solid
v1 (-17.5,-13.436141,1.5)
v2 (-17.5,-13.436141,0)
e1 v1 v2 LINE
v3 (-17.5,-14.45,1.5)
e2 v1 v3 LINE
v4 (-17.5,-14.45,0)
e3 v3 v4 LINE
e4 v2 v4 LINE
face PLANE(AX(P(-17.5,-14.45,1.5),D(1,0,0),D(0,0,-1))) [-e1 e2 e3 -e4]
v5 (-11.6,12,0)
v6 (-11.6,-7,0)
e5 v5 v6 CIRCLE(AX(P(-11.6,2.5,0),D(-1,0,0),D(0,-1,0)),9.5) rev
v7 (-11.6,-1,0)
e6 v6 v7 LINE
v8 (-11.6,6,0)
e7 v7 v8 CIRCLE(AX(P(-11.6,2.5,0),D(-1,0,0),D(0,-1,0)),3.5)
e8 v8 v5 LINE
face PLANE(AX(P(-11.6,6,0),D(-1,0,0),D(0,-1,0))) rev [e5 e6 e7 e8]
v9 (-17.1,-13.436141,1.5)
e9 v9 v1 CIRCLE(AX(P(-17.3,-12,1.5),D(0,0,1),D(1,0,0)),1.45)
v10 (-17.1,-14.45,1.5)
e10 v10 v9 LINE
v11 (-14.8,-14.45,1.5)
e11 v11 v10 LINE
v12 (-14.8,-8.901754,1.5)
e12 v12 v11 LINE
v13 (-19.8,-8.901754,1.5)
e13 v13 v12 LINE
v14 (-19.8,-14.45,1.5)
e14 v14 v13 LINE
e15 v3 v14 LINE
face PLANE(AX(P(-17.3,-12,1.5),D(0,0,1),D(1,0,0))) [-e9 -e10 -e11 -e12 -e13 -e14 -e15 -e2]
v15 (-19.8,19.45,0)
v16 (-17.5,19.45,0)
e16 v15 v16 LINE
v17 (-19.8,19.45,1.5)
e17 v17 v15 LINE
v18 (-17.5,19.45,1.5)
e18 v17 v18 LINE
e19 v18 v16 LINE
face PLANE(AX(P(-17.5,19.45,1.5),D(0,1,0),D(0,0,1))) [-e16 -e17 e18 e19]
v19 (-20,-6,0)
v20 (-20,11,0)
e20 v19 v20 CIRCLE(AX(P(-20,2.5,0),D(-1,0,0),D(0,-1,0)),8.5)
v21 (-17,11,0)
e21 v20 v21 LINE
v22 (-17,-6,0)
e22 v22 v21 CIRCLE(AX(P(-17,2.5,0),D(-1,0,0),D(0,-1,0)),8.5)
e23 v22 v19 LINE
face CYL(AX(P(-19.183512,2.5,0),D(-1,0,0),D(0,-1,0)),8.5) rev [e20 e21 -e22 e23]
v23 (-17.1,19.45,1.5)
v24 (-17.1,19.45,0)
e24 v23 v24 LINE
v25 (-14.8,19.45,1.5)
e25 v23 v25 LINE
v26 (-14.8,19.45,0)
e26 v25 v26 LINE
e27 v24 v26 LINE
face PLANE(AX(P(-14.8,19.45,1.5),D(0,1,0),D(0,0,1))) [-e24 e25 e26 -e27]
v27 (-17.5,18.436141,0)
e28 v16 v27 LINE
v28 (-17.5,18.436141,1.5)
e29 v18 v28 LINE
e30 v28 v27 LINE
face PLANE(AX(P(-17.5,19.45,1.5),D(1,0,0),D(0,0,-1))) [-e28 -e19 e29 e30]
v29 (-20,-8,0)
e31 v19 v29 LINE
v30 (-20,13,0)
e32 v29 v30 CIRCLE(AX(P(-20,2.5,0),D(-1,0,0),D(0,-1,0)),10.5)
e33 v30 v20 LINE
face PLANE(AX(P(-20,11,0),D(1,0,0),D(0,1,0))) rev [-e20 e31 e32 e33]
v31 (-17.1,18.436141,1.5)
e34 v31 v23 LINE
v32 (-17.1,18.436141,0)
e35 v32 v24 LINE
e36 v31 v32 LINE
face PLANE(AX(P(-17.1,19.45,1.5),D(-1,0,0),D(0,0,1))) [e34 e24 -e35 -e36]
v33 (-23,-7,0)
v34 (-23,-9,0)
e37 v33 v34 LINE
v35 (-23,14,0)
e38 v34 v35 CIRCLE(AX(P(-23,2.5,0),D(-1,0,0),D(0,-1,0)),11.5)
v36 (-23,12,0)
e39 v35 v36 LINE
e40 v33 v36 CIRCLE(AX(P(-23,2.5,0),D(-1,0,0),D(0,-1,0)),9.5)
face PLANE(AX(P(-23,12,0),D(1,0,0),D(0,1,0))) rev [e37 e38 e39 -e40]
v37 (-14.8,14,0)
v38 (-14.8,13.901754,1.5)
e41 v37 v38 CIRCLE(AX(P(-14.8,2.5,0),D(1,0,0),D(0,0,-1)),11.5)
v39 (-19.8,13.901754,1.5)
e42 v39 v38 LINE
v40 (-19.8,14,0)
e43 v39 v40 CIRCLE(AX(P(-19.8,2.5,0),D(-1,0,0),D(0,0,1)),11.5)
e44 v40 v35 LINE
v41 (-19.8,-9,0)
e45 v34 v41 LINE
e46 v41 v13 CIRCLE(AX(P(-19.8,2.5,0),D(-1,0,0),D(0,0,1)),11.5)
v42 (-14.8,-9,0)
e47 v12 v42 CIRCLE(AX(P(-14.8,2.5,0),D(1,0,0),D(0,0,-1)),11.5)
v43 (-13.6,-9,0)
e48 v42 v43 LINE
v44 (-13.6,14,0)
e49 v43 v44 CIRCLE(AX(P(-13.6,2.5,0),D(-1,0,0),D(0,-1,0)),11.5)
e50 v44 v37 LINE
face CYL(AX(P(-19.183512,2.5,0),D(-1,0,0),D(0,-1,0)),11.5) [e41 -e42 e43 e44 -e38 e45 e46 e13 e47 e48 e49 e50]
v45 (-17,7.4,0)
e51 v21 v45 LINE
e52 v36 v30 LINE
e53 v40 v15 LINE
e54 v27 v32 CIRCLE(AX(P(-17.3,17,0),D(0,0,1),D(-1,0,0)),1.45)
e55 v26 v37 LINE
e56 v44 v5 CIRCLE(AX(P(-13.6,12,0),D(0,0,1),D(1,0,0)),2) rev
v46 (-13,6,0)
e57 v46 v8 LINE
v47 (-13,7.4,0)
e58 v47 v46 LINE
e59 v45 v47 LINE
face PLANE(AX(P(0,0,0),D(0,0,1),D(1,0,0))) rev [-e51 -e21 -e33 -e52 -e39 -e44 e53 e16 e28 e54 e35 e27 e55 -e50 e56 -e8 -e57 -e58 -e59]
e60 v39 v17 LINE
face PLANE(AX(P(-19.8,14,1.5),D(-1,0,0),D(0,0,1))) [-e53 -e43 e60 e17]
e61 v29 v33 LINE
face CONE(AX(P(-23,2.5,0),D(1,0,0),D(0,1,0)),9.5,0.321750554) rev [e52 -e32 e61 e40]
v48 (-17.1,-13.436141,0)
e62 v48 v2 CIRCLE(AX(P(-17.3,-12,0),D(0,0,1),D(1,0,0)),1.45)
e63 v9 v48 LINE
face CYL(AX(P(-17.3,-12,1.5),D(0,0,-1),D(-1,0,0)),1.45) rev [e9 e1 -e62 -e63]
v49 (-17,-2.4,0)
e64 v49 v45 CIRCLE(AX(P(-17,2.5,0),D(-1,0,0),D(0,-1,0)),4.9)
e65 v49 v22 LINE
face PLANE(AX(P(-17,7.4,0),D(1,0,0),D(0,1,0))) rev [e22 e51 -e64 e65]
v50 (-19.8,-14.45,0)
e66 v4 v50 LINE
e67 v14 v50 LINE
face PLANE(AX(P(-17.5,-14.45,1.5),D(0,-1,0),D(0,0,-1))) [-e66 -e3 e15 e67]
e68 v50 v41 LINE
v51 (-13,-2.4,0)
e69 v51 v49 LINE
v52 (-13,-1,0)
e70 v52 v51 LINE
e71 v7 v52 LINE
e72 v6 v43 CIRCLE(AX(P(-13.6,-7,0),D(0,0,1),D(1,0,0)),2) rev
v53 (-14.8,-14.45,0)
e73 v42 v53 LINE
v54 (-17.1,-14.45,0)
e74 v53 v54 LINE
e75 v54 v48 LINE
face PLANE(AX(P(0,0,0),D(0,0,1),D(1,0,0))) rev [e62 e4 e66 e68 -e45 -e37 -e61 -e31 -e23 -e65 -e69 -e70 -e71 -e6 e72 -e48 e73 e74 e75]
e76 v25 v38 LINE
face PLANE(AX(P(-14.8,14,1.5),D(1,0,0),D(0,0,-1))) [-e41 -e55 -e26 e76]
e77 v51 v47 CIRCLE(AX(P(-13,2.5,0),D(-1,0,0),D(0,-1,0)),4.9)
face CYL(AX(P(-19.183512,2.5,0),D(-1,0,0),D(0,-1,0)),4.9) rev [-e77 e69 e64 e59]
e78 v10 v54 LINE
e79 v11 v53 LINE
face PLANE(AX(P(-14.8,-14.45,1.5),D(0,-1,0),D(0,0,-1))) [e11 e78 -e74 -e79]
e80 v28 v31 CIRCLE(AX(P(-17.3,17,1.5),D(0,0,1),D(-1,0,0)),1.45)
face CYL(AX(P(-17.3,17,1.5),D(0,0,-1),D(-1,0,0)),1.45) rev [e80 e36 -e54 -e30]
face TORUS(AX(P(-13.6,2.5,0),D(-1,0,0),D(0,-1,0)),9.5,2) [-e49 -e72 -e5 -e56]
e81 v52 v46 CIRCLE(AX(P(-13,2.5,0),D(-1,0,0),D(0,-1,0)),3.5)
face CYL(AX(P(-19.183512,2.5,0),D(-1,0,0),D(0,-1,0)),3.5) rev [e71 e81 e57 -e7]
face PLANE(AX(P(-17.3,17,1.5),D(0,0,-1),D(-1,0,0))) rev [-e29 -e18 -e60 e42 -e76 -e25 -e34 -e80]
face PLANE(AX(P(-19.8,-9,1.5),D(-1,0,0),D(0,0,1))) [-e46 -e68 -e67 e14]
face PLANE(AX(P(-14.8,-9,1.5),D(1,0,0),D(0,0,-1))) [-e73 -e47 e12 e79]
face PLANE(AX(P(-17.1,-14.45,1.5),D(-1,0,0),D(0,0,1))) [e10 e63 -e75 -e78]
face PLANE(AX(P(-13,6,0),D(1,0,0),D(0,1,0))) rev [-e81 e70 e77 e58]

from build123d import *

# Parameters (mm, degrees)
SKETCH_3_W          = 14.74967026
SKETCH_3_H          = 24.956193141
CUT_EXTRUDE_2_DEPTH = 18
EXTRUDE_2_DEPTH     = 1.5
FILLET_1_R          = 2


with BuildPart() as part:
    # 草图1 → 旋转1 (revolve)
    with BuildSketch(Plane.XY, mode=Mode.PRIVATE) as revolve_1_sk:
        Polygon((-11.6, 6), (-11.6, 14), (-23, 14), (-23, 12), (-20, 13), (-20, 11), (-17, 11), (-17, 7.4), (-13, 7.4), (-13, 6), align=None)
    revolve(revolve_1_sk.sketch.rotate(Axis((-19.18351236, 2.5, 0), (1, 0, 0)), 180), axis=Axis((-19.18351236, 2.5, 0), (1, 0, 0)))

    # 草图3 → 切除-拉伸2 (cut)
    with BuildSketch(Plane.XY):
        with Locations((-16.988825522, 2.302922831)):
            Rectangle(SKETCH_3_W, SKETCH_3_H)
    extrude(amount=-CUT_EXTRUDE_2_DEPTH, mode=Mode.SUBTRACT)

    # 草图4 → 凸台-拉伸2 (add)
    with BuildSketch(Plane(origin=(0, 0, 0), x_dir=(-1, 0, 0), z_dir=(0, 0, -1))):
        with BuildLine():
            Line((14.8, 14), (14.8, 19.45))
            Line((14.8, 19.45), (17.1, 19.45))
            Line((17.1, 19.45), (17.1, 18.436140662))
            ThreePointArc((17.1, 18.436140662), (17.3, 15.55), (17.5, 18.436140662))
            Line((17.5, 18.436140662), (17.5, 19.45))
            Line((17.5, 19.45), (19.8, 19.45))
            Line((19.8, 19.45), (19.8, 14))
            Line((19.8, 14), (19.8, 12.669411603))
            Line((19.8, 12.669411603), (14.8, 12.669411603))
            Line((14.8, 12.669411603), (14.8, 14))
        make_face()
        with BuildLine():
            Line((19.8, -9), (19.8, -7.669411603))
            Line((19.8, -7.669411603), (14.8, -7.669411603))
            Line((14.8, -7.669411603), (14.8, -9))
            Line((14.8, -9), (14.8, -14.45))
            Line((14.8, -14.45), (17.1, -14.45))
            Line((17.1, -14.45), (17.1, -13.436140662))
            ThreePointArc((17.1, -13.436140662), (17.3, -10.55), (17.5, -13.436140662))
            Line((17.5, -13.436140662), (17.5, -14.45))
            Line((17.5, -14.45), (19.8, -14.45))
            Line((19.8, -14.45), (19.8, -9))
        make_face()
    extrude(amount=-EXTRUDE_2_DEPTH)

    # 圆角1
    fillet_1_edges = [part.edges().sort_by_distance(p)[0] for p in [
        (-11.6, 2.5, 11.5),
    ]]
    fillet(fillet_1_edges, radius=FILLET_1_R)


solid = part.part
